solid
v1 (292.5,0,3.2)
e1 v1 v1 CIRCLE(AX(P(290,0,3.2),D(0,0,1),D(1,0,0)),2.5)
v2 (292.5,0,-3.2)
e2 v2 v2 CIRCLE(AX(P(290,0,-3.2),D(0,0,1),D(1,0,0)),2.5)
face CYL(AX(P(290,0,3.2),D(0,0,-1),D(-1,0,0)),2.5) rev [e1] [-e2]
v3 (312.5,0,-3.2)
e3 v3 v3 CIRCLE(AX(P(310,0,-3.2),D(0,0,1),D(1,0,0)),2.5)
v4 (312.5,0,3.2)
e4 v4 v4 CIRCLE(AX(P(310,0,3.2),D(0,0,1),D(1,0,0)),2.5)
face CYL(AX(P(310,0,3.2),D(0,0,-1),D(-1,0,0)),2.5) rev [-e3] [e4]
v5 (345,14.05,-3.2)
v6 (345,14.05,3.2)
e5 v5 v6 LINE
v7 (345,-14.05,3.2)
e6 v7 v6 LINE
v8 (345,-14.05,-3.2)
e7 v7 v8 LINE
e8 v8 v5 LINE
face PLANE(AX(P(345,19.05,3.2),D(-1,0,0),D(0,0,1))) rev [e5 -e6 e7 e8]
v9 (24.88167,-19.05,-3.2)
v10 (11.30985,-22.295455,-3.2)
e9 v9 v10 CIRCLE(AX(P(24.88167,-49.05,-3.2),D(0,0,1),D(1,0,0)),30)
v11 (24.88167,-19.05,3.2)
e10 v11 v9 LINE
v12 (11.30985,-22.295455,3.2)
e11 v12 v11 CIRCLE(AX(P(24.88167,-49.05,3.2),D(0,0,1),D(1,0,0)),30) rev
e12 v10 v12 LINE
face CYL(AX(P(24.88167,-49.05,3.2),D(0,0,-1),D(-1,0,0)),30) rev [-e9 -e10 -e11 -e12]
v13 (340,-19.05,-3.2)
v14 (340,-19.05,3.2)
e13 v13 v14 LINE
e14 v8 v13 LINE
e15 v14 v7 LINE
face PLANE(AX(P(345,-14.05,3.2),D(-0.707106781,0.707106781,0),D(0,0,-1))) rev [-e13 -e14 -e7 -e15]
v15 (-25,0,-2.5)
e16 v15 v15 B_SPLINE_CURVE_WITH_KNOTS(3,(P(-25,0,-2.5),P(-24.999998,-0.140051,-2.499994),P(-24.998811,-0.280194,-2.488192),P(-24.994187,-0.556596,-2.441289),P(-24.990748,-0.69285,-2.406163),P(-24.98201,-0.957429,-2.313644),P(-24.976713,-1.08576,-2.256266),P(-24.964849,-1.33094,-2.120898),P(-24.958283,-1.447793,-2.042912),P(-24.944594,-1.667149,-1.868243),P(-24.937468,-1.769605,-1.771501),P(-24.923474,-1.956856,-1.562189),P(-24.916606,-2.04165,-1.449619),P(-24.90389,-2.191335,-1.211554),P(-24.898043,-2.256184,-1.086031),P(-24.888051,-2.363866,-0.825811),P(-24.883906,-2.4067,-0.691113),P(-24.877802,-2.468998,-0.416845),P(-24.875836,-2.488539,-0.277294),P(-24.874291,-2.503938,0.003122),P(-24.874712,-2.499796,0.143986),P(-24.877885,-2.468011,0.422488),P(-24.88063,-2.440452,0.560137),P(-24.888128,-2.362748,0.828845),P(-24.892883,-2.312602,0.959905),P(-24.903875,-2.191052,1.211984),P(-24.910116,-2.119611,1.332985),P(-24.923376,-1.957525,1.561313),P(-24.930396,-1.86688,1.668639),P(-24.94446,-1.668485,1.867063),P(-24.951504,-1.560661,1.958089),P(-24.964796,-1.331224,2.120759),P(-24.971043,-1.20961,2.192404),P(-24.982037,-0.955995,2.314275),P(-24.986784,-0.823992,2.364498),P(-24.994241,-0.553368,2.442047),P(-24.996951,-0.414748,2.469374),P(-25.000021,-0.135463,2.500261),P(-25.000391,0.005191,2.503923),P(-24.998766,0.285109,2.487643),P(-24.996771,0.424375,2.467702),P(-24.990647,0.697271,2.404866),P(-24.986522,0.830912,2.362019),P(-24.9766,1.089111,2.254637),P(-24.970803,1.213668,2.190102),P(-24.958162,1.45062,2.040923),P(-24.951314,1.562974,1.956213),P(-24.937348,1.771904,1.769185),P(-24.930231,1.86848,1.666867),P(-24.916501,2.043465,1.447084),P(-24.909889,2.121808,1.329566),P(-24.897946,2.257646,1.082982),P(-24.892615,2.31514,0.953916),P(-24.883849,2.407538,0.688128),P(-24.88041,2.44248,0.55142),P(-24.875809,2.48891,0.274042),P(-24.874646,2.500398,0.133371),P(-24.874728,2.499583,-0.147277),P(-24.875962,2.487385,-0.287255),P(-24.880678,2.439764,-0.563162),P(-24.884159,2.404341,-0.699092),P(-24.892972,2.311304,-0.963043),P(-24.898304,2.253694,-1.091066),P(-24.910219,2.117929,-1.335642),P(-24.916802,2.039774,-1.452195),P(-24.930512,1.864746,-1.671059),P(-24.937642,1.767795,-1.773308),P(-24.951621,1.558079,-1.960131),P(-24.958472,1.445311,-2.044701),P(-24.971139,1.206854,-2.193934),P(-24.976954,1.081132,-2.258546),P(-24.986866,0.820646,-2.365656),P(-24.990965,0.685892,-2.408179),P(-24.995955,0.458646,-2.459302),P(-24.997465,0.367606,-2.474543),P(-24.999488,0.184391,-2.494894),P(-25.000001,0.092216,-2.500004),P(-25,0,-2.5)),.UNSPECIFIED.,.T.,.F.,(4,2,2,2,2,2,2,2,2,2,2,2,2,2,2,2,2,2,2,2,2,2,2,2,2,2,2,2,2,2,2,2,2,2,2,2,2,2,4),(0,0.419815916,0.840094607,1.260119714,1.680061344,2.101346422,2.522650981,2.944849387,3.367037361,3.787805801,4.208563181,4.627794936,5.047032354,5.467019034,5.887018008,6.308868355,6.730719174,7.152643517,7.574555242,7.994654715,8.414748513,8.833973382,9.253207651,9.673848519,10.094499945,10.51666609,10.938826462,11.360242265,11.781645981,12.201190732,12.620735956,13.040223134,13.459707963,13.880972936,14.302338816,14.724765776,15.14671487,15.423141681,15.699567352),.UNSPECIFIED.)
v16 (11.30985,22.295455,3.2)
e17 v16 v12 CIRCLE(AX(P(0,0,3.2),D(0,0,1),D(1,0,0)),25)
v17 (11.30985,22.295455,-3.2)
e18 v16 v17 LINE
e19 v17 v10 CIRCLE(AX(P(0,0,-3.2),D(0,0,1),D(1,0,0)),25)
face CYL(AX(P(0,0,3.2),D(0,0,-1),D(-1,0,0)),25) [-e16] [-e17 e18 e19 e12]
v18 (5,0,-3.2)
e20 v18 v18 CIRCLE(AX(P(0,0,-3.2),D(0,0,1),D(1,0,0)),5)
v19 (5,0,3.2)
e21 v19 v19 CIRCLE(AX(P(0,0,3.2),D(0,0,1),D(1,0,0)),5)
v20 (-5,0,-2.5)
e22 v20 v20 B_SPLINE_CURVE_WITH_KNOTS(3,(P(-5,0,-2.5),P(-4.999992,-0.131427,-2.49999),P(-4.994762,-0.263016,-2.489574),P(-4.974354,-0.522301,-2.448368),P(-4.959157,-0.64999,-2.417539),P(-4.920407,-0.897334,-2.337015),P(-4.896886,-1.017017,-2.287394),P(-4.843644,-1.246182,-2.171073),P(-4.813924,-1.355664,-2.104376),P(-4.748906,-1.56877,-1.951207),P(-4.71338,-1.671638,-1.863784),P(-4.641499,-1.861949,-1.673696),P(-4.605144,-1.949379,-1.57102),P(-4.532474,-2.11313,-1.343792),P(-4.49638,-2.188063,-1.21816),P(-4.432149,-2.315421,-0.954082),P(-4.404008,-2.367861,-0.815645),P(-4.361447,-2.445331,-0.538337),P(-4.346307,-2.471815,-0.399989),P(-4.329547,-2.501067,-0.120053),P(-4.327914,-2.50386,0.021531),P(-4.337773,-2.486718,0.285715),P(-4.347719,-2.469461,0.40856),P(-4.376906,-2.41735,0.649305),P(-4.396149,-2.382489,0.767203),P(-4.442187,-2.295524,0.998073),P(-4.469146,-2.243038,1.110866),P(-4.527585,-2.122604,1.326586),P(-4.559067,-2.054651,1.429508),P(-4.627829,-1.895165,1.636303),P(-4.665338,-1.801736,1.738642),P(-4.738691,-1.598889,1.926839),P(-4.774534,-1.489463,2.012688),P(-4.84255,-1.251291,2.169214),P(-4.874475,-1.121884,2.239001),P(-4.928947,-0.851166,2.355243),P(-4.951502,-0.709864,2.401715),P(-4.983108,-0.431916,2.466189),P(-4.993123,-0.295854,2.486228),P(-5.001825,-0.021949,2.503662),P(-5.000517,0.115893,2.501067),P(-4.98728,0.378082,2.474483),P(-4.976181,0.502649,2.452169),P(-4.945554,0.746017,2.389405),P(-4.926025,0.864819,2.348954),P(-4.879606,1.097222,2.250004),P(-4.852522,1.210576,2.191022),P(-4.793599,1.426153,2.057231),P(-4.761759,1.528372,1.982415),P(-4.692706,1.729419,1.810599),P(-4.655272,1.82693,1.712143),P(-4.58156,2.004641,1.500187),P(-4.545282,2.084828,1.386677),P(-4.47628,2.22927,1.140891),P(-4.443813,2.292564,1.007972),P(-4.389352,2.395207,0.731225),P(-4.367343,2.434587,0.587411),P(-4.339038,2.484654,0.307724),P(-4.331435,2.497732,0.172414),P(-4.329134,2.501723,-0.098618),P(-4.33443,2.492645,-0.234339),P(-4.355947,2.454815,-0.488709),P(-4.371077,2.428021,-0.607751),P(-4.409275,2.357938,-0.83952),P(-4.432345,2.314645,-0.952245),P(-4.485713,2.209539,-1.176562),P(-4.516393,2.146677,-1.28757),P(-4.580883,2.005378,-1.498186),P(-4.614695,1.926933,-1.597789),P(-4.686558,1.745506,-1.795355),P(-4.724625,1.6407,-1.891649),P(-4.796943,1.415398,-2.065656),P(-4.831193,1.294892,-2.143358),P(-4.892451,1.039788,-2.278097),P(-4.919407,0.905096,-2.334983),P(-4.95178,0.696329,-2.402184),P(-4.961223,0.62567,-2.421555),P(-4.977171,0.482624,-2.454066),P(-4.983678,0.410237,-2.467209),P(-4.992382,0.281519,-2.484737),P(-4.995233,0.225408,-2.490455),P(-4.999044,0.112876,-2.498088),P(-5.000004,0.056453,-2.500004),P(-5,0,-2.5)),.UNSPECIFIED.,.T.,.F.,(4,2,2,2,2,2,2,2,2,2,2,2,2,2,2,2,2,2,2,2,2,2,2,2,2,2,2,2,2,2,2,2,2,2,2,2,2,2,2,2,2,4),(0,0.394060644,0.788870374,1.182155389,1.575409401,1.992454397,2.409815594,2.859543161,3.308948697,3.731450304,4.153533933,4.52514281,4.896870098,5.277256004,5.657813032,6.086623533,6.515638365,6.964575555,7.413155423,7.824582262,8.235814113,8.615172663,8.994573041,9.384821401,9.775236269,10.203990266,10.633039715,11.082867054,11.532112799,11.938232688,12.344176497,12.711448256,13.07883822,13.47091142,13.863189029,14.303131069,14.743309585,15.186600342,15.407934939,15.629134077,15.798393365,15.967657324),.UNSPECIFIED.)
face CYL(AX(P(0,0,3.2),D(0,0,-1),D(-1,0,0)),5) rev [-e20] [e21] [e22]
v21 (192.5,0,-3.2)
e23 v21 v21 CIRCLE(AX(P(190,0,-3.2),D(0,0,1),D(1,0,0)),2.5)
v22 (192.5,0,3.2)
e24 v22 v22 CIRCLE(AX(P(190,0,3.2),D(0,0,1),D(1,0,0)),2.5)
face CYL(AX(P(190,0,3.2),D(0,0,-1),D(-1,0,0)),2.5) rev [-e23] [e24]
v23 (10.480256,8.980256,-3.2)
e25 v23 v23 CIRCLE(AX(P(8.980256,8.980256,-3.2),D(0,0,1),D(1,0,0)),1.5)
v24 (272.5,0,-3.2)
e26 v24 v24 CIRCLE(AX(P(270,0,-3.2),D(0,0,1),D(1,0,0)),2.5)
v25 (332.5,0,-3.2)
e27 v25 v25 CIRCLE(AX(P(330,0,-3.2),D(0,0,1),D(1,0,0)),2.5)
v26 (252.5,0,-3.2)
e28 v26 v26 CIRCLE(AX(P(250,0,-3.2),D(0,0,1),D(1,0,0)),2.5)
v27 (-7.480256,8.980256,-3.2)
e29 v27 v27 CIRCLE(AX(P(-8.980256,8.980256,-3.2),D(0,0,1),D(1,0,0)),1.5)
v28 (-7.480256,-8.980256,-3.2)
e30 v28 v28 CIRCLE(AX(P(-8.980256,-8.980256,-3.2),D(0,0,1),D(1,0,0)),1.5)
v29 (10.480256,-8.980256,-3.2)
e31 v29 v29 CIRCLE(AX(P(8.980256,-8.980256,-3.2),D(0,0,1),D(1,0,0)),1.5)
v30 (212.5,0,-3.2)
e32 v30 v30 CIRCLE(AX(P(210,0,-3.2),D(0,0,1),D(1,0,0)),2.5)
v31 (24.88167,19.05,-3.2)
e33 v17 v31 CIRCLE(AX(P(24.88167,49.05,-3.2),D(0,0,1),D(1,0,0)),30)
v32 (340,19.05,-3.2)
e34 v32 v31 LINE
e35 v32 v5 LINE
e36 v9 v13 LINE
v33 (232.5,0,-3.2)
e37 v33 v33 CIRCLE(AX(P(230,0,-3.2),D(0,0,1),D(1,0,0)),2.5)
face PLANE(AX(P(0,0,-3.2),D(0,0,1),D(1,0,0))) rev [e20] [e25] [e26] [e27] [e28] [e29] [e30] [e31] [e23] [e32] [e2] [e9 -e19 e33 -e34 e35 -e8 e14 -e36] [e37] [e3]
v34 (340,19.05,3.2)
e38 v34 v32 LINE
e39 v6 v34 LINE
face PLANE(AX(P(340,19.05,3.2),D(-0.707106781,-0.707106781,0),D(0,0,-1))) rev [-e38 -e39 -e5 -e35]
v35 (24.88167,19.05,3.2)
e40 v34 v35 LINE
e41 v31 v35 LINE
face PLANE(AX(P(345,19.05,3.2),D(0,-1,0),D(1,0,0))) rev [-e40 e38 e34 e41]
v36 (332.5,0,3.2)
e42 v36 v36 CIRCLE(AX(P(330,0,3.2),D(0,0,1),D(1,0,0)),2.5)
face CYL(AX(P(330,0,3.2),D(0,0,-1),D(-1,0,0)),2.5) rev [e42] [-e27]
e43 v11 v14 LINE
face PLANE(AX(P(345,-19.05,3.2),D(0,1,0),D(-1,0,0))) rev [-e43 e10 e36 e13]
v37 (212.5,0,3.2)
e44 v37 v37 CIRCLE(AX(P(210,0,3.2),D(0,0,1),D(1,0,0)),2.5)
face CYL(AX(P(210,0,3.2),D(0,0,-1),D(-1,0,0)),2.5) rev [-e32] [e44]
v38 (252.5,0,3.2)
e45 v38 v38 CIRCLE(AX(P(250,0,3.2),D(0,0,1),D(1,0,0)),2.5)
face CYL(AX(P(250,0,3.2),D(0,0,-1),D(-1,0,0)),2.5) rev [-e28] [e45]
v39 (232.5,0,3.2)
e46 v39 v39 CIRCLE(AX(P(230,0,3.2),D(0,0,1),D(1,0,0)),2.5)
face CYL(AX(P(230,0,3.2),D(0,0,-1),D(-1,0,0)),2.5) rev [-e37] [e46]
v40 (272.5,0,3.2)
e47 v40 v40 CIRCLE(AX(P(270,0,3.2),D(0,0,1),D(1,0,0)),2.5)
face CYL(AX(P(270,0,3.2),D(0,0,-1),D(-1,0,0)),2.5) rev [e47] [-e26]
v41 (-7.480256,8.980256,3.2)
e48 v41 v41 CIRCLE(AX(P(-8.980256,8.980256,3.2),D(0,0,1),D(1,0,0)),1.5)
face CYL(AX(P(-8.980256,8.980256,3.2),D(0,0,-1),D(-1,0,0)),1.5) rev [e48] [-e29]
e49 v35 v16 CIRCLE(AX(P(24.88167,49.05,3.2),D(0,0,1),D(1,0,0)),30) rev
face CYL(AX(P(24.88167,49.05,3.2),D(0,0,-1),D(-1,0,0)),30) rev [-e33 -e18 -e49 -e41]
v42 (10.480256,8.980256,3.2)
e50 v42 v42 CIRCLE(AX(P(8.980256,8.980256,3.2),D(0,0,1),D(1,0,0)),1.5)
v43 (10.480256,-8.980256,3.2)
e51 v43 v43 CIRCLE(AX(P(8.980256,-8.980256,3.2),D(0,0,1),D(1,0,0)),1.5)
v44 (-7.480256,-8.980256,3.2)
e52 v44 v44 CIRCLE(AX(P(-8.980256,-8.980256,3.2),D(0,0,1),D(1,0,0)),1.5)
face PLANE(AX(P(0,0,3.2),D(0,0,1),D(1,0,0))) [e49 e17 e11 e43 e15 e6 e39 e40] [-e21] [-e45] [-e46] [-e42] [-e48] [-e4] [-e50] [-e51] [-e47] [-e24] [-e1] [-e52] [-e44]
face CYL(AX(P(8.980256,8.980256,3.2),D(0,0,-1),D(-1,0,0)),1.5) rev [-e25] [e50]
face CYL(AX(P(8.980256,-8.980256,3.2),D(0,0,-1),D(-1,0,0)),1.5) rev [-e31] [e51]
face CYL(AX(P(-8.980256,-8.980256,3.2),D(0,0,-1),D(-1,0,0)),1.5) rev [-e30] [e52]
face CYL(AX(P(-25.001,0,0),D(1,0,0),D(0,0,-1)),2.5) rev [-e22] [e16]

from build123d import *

# Parameters (mm, degrees)
SKETCH1_R               = 1.5
SKETCH1_R_2             = 5
SKETCH1_R_3             = 2.5
BOSS_EXTRUDE1_DEPTH     = 3.2
FILLET1_R               = 30
CHAMFER1_SIZE           = 5
CUT_EXTRUDE1_REACH      = 347.919
CUT_EXTRUDE1_END_RADIUS = 25
SKETCH3_R               = 2.5


with BuildPart() as part:
    # Sketch1 → Boss-Extrude1 (new, symmetric)
    with BuildSketch(Plane.XY):
        with BuildLine():
            Line((345, 19.05), (16.189425561, 19.05))
            ThreePointArc((16.189425561, 19.05), (-25, 0), (16.189425561, -19.05))
            Line((16.189425561, -19.05), (345, -19.05))
            Line((345, -19.05), (345, 19.05))
        make_face()
        with Locations((8.980256121, 8.980256121)):
            Circle(SKETCH1_R, mode=Mode.SUBTRACT)
        Circle(SKETCH1_R_2, mode=Mode.SUBTRACT)
        with Locations((330, 0)):
            Circle(SKETCH1_R_3, mode=Mode.SUBTRACT)
        with Locations((310, 0)):
            Circle(SKETCH1_R_3, mode=Mode.SUBTRACT)
        with Locations((290, 0)):
            Circle(SKETCH1_R_3, mode=Mode.SUBTRACT)
        with Locations((270, 0)):
            Circle(SKETCH1_R_3, mode=Mode.SUBTRACT)
        with Locations((250, 0)):
            Circle(SKETCH1_R_3, mode=Mode.SUBTRACT)
        with Locations((230, 0)):
            Circle(SKETCH1_R_3, mode=Mode.SUBTRACT)
        with Locations((210, 0)):
            Circle(SKETCH1_R_3, mode=Mode.SUBTRACT)
        with Locations((190, 0)):
            Circle(SKETCH1_R_3, mode=Mode.SUBTRACT)
        with Locations((8.980256121, -8.980256121)):
            Circle(SKETCH1_R, mode=Mode.SUBTRACT)
        with Locations((-8.980256121, -8.980256121)):
            Circle(SKETCH1_R, mode=Mode.SUBTRACT)
        with Locations((-8.980256121, 8.980256121)):
            Circle(SKETCH1_R, mode=Mode.SUBTRACT)
    extrude(amount=BOSS_EXTRUDE1_DEPTH, both=True)

    # Fillet1
    fillet1_edges = [part.edges().sort_by_distance(p)[0] for p in [
        (16.189425561, -19.05, 0),
        (16.189425561, 19.05, 0),
    ]]
    fillet(fillet1_edges, radius=FILLET1_R)

    # Chamfer1
    chamfer1_edges = [part.edges().sort_by_distance(p)[0] for p in [
        (345, -19.05, 0),
        (345, 19.05, 0),
    ]]
    chamfer(chamfer1_edges, length=CHAMFER1_SIZE)

    # Cut-Extrude1: up to this cylinder (the profile starts inside it)
    cut_extrude1_end = Plane(origin=(0, 0, 0), z_dir=(0, 0, -1)) * Cylinder(CUT_EXTRUDE1_END_RADIUS, 746.838, mode=Mode.PRIVATE)
    # Sketch3 → Cut-Extrude1 (cut, up to the surface)
    with BuildSketch(Plane(origin=(0, 0, 0), x_dir=(0, 0, -1), z_dir=(1, 0, 0)), mode=Mode.PRIVATE) as cut_extrude1_sk1:
        Circle(SKETCH3_R)
    cut_extrude1_tool1 = extrude(cut_extrude1_sk1.sketch, amount=-CUT_EXTRUDE1_REACH, mode=Mode.PRIVATE) & cut_extrude1_end
    add(cut_extrude1_tool1.solids().sort_by_distance((0, 0, 0))[0], mode=Mode.SUBTRACT)


solid = part.part
